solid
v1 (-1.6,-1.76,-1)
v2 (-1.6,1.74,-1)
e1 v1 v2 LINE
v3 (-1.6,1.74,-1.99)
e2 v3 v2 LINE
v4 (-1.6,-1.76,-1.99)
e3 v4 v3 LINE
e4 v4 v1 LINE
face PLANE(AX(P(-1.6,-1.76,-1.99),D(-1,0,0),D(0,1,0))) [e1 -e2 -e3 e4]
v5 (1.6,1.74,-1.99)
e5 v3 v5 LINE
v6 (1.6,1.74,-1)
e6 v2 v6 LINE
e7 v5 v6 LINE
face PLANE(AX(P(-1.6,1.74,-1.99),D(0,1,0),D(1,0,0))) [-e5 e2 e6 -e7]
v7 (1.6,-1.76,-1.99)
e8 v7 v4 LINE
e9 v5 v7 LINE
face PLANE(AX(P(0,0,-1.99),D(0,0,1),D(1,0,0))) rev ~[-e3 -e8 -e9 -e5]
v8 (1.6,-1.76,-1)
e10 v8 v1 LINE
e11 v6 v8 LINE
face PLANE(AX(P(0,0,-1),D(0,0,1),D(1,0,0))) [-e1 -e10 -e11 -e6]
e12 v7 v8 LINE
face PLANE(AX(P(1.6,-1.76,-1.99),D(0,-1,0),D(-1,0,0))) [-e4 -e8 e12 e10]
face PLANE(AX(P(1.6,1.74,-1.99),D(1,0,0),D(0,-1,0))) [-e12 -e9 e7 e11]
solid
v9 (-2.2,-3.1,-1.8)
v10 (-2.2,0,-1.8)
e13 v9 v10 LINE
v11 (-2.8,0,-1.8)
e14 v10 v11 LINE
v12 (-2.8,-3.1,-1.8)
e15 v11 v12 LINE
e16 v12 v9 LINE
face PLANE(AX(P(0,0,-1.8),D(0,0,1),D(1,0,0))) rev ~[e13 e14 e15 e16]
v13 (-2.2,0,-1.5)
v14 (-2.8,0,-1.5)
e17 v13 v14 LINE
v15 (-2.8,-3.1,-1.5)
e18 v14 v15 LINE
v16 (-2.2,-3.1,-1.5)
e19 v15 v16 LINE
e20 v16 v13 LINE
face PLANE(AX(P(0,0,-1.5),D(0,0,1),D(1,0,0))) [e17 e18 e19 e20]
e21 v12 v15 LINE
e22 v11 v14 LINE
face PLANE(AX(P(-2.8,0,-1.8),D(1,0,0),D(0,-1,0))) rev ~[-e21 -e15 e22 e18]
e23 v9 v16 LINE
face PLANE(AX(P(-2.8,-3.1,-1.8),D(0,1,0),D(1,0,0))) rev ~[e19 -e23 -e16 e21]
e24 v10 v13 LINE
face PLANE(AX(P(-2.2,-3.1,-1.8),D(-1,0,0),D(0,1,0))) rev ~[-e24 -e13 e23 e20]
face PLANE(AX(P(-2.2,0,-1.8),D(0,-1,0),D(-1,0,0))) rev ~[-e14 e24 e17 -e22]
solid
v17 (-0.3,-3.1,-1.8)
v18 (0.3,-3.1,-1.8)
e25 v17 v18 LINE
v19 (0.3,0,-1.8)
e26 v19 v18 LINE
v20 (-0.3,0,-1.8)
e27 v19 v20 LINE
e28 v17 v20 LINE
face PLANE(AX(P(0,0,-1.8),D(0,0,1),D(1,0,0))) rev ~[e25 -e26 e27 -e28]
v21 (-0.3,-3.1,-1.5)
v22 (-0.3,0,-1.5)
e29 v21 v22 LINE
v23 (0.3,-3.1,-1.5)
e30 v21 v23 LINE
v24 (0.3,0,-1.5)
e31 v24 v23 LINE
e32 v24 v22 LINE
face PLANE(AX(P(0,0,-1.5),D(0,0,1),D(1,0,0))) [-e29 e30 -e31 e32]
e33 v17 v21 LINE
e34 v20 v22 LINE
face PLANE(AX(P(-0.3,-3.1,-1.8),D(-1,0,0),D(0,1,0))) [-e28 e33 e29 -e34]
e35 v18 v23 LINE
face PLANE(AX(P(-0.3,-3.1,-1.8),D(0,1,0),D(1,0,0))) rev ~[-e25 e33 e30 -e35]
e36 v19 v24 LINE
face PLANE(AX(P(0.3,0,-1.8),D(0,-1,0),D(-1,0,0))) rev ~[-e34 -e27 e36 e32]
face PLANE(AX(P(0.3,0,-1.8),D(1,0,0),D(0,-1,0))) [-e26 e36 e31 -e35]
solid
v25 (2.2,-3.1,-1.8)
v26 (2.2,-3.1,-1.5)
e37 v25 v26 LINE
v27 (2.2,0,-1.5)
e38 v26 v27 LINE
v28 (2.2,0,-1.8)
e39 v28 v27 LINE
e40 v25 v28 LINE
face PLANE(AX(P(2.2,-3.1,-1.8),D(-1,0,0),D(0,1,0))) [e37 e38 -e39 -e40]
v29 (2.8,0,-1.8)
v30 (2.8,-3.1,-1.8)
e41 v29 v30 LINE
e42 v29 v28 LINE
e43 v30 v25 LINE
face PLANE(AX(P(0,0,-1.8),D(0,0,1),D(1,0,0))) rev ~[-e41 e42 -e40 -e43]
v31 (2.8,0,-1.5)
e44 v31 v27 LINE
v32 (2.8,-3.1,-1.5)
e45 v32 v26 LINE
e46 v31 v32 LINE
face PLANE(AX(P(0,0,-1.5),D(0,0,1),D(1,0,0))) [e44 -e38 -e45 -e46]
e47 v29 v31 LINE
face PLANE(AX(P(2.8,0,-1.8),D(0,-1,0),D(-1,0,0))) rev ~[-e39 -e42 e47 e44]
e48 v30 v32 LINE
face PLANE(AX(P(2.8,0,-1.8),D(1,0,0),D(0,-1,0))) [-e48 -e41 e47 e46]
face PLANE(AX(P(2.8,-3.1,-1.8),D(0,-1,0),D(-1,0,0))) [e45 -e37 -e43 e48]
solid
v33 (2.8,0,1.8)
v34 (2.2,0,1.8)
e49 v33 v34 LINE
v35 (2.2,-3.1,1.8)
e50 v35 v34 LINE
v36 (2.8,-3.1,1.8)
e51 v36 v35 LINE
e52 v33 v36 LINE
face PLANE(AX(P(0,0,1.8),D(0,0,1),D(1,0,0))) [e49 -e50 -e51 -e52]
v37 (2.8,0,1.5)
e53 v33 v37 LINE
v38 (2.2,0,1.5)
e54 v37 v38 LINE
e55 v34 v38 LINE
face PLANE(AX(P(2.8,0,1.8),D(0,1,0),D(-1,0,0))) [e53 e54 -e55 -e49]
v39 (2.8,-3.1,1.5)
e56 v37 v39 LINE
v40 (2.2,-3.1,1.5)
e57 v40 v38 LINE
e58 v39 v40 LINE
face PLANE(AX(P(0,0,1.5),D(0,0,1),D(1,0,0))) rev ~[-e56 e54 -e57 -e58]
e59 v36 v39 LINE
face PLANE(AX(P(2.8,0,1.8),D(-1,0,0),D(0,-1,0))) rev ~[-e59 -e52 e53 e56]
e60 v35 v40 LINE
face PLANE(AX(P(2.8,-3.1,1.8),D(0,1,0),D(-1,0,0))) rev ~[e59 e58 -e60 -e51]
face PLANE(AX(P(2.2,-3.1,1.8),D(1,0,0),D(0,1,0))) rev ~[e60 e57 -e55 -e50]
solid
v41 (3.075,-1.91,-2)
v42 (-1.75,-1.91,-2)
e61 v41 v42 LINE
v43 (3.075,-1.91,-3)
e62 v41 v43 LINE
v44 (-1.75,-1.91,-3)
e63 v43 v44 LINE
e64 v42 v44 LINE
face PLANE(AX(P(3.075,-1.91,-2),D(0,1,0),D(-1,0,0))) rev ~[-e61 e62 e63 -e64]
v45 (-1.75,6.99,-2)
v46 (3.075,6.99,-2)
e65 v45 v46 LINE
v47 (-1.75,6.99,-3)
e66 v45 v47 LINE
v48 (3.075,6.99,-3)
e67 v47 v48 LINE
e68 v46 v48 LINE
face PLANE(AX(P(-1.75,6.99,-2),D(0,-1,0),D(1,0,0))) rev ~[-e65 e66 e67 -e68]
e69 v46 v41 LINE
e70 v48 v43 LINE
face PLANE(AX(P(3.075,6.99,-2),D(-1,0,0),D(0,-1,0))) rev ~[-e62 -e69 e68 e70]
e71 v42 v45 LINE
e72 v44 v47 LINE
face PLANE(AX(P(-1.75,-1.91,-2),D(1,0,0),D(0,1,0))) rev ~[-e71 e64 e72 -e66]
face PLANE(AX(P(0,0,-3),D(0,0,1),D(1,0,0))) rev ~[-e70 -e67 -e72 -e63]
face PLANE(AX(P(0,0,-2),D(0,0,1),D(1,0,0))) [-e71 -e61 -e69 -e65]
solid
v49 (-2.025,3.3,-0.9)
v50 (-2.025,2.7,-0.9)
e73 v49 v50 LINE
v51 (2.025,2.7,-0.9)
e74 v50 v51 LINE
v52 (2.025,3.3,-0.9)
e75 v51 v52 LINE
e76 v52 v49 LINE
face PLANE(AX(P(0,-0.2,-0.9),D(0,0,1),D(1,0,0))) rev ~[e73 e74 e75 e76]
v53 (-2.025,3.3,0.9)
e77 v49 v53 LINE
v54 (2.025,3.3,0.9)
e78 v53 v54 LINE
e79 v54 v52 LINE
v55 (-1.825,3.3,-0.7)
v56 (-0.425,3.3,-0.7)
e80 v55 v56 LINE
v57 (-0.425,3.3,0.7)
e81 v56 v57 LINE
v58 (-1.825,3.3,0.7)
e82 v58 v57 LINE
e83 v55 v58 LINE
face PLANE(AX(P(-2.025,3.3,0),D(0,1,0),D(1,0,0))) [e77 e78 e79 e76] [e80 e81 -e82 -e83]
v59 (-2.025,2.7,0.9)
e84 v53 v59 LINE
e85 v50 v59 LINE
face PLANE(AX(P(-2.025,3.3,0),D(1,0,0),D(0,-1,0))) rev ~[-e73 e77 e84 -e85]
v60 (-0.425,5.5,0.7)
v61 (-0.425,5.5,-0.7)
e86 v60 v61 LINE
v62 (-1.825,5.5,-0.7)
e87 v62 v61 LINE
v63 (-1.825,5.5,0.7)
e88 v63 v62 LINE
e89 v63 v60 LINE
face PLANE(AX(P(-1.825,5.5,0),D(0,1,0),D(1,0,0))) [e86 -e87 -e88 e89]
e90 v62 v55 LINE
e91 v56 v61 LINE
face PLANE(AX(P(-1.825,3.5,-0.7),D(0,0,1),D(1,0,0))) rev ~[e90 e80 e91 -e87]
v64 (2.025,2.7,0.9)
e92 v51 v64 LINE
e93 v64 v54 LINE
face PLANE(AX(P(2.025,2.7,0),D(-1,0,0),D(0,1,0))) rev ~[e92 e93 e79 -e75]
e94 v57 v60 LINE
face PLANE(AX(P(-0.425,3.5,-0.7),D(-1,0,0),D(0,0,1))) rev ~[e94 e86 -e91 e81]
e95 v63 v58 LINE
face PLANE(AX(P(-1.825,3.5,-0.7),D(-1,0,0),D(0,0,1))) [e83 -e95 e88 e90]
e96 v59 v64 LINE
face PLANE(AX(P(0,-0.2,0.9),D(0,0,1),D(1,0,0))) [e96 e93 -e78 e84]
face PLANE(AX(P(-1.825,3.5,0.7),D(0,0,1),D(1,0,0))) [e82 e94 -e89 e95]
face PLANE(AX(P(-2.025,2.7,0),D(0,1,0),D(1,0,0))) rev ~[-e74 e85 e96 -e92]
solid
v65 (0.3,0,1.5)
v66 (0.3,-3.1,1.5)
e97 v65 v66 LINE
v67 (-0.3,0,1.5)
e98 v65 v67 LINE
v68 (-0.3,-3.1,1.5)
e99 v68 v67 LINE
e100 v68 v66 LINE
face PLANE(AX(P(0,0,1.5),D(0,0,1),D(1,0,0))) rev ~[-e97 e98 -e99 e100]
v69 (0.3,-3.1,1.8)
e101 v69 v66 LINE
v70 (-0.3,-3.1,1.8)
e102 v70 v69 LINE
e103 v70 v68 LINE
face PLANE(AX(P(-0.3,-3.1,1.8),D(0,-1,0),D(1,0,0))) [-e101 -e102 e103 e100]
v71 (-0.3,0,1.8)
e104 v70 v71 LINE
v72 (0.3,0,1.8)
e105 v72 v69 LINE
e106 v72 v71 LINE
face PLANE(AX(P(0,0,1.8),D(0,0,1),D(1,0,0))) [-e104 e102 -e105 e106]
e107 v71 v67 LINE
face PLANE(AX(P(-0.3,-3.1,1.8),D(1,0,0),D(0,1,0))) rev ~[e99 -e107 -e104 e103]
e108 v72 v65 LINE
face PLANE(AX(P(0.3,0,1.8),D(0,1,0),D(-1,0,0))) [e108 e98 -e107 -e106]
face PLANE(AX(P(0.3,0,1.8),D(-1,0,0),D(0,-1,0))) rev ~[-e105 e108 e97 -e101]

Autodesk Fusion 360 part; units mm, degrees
sketch "Sketch1" plane through (0, 0, 0) normal (0, 0, 1) x (1, 0, 0)
  line L0 (-4.525, 3.5) -> (4.525, 3.5)
  line L1 (4.525, 3.5) -> (4.525, 0)
  line L2 (4.525, 0) -> (-4.525, 0)
  line L3 (-4.525, 0) -> (-4.525, 3.5)
  line L4 (-1.825, 5.5) -> (-0.425, 5.5)
  line L5 (-0.425, 5.5) -> (-0.425, 3.5)
  line L6 (-0.425, 3.5) -> (-1.825, 3.5)
  line L7 (-1.825, 3.5) -> (-1.825, 5.5)
  line L8 (-4.525, 0) -> (-4.525, -3.1) construction
  line L9 (-4.525, -3.1) -> (4.525, -3.1) construction
  line L10 (4.525, -3.1) -> (4.525, 0) construction
  line L11 (0, 0) -> (0, -3.1) construction
  line L12 (0.3, 0) -> (0.3, -3.1)
  line L13 (-0.3, -3.1) -> (-0.3, 0)
  line L14 (0.3, -1.55) -> (-0.3, -1.55) construction
  line L15 (-0.3, -3.1) -> (0.3, -3.1)
  line L16 (-2.8, 0) -> (-2.8, -3.1)
  line L17 (-2.2, -3.1) -> (-2.2, 0)
  line L18 (-2.5, 0) -> (-2.5, -3.1) construction
  line L19 (-2.8, -3.1) -> (-2.2, -3.1)
  line L20 (-2.8, -1.55) -> (-2.2, -1.55) construction
  line L21 (2.5, 0) -> (2.5, -3.1) construction
  line L22 (2.8, 0) -> (2.8, -3.1)
  line L23 (2.2, -3.1) -> (2.2, 0)
  line L24 (2.2, -1.55) -> (2.8, -1.55) construction
  line L25 (2.8, -3.1) -> (2.2, -3.1)
  line L26 (-2.025, 3.5) -> (-2.025, 2.9)
  line L27 (-2.025, 2.9) -> (2.025, 2.9)
  line L28 (2.025, 2.9) -> (2.025, 3.5)
  line L29 (-0.425, 5.5) -> (1.825, 5.5) construction
  line L30 (1.825, 5.5) -> (1.825, 3.5) construction
  dimension "d1" = 9.05
  dimension "d2" = 3.5
  dimension "d3" = 2
  dimension "d4" = 1.4
  dimension "d5" = 2.7
  dimension "d6" = 6.6
  dimension "d7" = 0.6
  dimension "d8" = 2.5
  dimension "d9" = 2.5
  dimension "d24" = 0.6
  dimension "d25" = 0.2
  dimension "d26" = 2.7
  dimension "d27" = 0.2
extrude "Extrude2" add sketch "Sketch1" along normal blind 1.8 and the other way blind 1.8 contours L0 L1 L2 L3 L26 L27 L28 | L0 L6 L26 L27 L28 makes body 1
extrude "Extrude1" add sketch "Sketch1" against normal blind 0.3 from surface at 1.8 separate body contours L2 L16 L17 L19 | L2 L12 L13 L15 | L2 L22 L23 L25 makes body 2 at (-2.6, -1.0333, 1.8) makes body 3 at (-0.1, -1.0333, 1.8) makes body 4 at (2.4, -1.0333, 1.8)
extrude "Extrude3" add sketch "Sketch1" along normal blind 0.3 from surface at -1.8 separate body contours L2 L16 L17 L19 | L2 L12 L13 L15 | L2 L22 L23 L25 makes body 5 at (-2.6, -1.0333, -1.8) makes body 6 at (-0.1, -1.0333, -1.8) makes body 7 at (2.4, -1.0333, -1.8)
extrude "Extrude4" add sketch "Sketch1" along normal blind 0.7 and the other way blind 0.7 separate body contours L0 L4 L5 L6 L7 makes body 8
extrude "Extrude5" add sketch "Sketch1" along normal up to surface (0.9 mm away) and the other way up to surface (0.9 mm away) separate body contours L0 L6 L26 L27 L28 makes body 9
combine "Combine1" operation cut target body 1 tool bodies 9 keep tools
move_body "Move1" bodies 9 to x (1, 0, 0) y (0, 1, 0) z (0, 0, 1) at (0, -0.2, 0)
extrude "Extrude6" add 1 faces at (-1.3583, 3.5, -0.2333) along direction (0, -1, 0) blind 0.5 on bodies 8 bodies 8 9

Autodesk Fusion 360 part; units mm, degrees
ref_plane "WorkPlane1" through (0, 0, -2) normal (0, 0, 1) x (1, 0, 0)
sketch "top" plane through (0, 0, -2) normal (0, 0, 1) x (1, 0, 0)
  line L0 (-1.75, 6.99) -> (3.075, 6.99)
  line L1 (3.075, 6.99) -> (3.075, -1.91)
  line L2 (3.075, -1.91) -> (-1.75, -1.91)
  line L3 (-1.75, -1.91) -> (-1.75, 6.99)
  line L4 (-1.6, 1.74) -> (1.6, 1.74)
  line L5 (1.6, 1.74) -> (1.6, -1.76)
  line L6 (1.6, -1.76) -> (-1.6, -1.76)
  line L7 (-1.6, -1.76) -> (-1.6, 1.74)
  line L8 (0, 0) -> (0, 1.74) construction
  dimension "d1" = 8.9
  dimension "d2" = 4.825
  dimension "d3" = 3.5
  dimension "d4" = 3.2
  dimension "d21" = 0.15
  dimension "d22" = 0.15
  dimension "d23" = 1.74
extrude "Extrude3" add sketch "top" against normal blind 1 contours L0 L1 L2 L3 | L4 L5 L6 L7 makes body 1
ref_plane "WorkPlane2" through (0, 0, -1) normal (0, 0, 1) x (1, 0, 0)
extrude "Extrude4" add sketch "top" along normal up to surface (0.99 mm away) from surface at 0.01 separate body contours L4 L5 L6 L7 makes body 2
